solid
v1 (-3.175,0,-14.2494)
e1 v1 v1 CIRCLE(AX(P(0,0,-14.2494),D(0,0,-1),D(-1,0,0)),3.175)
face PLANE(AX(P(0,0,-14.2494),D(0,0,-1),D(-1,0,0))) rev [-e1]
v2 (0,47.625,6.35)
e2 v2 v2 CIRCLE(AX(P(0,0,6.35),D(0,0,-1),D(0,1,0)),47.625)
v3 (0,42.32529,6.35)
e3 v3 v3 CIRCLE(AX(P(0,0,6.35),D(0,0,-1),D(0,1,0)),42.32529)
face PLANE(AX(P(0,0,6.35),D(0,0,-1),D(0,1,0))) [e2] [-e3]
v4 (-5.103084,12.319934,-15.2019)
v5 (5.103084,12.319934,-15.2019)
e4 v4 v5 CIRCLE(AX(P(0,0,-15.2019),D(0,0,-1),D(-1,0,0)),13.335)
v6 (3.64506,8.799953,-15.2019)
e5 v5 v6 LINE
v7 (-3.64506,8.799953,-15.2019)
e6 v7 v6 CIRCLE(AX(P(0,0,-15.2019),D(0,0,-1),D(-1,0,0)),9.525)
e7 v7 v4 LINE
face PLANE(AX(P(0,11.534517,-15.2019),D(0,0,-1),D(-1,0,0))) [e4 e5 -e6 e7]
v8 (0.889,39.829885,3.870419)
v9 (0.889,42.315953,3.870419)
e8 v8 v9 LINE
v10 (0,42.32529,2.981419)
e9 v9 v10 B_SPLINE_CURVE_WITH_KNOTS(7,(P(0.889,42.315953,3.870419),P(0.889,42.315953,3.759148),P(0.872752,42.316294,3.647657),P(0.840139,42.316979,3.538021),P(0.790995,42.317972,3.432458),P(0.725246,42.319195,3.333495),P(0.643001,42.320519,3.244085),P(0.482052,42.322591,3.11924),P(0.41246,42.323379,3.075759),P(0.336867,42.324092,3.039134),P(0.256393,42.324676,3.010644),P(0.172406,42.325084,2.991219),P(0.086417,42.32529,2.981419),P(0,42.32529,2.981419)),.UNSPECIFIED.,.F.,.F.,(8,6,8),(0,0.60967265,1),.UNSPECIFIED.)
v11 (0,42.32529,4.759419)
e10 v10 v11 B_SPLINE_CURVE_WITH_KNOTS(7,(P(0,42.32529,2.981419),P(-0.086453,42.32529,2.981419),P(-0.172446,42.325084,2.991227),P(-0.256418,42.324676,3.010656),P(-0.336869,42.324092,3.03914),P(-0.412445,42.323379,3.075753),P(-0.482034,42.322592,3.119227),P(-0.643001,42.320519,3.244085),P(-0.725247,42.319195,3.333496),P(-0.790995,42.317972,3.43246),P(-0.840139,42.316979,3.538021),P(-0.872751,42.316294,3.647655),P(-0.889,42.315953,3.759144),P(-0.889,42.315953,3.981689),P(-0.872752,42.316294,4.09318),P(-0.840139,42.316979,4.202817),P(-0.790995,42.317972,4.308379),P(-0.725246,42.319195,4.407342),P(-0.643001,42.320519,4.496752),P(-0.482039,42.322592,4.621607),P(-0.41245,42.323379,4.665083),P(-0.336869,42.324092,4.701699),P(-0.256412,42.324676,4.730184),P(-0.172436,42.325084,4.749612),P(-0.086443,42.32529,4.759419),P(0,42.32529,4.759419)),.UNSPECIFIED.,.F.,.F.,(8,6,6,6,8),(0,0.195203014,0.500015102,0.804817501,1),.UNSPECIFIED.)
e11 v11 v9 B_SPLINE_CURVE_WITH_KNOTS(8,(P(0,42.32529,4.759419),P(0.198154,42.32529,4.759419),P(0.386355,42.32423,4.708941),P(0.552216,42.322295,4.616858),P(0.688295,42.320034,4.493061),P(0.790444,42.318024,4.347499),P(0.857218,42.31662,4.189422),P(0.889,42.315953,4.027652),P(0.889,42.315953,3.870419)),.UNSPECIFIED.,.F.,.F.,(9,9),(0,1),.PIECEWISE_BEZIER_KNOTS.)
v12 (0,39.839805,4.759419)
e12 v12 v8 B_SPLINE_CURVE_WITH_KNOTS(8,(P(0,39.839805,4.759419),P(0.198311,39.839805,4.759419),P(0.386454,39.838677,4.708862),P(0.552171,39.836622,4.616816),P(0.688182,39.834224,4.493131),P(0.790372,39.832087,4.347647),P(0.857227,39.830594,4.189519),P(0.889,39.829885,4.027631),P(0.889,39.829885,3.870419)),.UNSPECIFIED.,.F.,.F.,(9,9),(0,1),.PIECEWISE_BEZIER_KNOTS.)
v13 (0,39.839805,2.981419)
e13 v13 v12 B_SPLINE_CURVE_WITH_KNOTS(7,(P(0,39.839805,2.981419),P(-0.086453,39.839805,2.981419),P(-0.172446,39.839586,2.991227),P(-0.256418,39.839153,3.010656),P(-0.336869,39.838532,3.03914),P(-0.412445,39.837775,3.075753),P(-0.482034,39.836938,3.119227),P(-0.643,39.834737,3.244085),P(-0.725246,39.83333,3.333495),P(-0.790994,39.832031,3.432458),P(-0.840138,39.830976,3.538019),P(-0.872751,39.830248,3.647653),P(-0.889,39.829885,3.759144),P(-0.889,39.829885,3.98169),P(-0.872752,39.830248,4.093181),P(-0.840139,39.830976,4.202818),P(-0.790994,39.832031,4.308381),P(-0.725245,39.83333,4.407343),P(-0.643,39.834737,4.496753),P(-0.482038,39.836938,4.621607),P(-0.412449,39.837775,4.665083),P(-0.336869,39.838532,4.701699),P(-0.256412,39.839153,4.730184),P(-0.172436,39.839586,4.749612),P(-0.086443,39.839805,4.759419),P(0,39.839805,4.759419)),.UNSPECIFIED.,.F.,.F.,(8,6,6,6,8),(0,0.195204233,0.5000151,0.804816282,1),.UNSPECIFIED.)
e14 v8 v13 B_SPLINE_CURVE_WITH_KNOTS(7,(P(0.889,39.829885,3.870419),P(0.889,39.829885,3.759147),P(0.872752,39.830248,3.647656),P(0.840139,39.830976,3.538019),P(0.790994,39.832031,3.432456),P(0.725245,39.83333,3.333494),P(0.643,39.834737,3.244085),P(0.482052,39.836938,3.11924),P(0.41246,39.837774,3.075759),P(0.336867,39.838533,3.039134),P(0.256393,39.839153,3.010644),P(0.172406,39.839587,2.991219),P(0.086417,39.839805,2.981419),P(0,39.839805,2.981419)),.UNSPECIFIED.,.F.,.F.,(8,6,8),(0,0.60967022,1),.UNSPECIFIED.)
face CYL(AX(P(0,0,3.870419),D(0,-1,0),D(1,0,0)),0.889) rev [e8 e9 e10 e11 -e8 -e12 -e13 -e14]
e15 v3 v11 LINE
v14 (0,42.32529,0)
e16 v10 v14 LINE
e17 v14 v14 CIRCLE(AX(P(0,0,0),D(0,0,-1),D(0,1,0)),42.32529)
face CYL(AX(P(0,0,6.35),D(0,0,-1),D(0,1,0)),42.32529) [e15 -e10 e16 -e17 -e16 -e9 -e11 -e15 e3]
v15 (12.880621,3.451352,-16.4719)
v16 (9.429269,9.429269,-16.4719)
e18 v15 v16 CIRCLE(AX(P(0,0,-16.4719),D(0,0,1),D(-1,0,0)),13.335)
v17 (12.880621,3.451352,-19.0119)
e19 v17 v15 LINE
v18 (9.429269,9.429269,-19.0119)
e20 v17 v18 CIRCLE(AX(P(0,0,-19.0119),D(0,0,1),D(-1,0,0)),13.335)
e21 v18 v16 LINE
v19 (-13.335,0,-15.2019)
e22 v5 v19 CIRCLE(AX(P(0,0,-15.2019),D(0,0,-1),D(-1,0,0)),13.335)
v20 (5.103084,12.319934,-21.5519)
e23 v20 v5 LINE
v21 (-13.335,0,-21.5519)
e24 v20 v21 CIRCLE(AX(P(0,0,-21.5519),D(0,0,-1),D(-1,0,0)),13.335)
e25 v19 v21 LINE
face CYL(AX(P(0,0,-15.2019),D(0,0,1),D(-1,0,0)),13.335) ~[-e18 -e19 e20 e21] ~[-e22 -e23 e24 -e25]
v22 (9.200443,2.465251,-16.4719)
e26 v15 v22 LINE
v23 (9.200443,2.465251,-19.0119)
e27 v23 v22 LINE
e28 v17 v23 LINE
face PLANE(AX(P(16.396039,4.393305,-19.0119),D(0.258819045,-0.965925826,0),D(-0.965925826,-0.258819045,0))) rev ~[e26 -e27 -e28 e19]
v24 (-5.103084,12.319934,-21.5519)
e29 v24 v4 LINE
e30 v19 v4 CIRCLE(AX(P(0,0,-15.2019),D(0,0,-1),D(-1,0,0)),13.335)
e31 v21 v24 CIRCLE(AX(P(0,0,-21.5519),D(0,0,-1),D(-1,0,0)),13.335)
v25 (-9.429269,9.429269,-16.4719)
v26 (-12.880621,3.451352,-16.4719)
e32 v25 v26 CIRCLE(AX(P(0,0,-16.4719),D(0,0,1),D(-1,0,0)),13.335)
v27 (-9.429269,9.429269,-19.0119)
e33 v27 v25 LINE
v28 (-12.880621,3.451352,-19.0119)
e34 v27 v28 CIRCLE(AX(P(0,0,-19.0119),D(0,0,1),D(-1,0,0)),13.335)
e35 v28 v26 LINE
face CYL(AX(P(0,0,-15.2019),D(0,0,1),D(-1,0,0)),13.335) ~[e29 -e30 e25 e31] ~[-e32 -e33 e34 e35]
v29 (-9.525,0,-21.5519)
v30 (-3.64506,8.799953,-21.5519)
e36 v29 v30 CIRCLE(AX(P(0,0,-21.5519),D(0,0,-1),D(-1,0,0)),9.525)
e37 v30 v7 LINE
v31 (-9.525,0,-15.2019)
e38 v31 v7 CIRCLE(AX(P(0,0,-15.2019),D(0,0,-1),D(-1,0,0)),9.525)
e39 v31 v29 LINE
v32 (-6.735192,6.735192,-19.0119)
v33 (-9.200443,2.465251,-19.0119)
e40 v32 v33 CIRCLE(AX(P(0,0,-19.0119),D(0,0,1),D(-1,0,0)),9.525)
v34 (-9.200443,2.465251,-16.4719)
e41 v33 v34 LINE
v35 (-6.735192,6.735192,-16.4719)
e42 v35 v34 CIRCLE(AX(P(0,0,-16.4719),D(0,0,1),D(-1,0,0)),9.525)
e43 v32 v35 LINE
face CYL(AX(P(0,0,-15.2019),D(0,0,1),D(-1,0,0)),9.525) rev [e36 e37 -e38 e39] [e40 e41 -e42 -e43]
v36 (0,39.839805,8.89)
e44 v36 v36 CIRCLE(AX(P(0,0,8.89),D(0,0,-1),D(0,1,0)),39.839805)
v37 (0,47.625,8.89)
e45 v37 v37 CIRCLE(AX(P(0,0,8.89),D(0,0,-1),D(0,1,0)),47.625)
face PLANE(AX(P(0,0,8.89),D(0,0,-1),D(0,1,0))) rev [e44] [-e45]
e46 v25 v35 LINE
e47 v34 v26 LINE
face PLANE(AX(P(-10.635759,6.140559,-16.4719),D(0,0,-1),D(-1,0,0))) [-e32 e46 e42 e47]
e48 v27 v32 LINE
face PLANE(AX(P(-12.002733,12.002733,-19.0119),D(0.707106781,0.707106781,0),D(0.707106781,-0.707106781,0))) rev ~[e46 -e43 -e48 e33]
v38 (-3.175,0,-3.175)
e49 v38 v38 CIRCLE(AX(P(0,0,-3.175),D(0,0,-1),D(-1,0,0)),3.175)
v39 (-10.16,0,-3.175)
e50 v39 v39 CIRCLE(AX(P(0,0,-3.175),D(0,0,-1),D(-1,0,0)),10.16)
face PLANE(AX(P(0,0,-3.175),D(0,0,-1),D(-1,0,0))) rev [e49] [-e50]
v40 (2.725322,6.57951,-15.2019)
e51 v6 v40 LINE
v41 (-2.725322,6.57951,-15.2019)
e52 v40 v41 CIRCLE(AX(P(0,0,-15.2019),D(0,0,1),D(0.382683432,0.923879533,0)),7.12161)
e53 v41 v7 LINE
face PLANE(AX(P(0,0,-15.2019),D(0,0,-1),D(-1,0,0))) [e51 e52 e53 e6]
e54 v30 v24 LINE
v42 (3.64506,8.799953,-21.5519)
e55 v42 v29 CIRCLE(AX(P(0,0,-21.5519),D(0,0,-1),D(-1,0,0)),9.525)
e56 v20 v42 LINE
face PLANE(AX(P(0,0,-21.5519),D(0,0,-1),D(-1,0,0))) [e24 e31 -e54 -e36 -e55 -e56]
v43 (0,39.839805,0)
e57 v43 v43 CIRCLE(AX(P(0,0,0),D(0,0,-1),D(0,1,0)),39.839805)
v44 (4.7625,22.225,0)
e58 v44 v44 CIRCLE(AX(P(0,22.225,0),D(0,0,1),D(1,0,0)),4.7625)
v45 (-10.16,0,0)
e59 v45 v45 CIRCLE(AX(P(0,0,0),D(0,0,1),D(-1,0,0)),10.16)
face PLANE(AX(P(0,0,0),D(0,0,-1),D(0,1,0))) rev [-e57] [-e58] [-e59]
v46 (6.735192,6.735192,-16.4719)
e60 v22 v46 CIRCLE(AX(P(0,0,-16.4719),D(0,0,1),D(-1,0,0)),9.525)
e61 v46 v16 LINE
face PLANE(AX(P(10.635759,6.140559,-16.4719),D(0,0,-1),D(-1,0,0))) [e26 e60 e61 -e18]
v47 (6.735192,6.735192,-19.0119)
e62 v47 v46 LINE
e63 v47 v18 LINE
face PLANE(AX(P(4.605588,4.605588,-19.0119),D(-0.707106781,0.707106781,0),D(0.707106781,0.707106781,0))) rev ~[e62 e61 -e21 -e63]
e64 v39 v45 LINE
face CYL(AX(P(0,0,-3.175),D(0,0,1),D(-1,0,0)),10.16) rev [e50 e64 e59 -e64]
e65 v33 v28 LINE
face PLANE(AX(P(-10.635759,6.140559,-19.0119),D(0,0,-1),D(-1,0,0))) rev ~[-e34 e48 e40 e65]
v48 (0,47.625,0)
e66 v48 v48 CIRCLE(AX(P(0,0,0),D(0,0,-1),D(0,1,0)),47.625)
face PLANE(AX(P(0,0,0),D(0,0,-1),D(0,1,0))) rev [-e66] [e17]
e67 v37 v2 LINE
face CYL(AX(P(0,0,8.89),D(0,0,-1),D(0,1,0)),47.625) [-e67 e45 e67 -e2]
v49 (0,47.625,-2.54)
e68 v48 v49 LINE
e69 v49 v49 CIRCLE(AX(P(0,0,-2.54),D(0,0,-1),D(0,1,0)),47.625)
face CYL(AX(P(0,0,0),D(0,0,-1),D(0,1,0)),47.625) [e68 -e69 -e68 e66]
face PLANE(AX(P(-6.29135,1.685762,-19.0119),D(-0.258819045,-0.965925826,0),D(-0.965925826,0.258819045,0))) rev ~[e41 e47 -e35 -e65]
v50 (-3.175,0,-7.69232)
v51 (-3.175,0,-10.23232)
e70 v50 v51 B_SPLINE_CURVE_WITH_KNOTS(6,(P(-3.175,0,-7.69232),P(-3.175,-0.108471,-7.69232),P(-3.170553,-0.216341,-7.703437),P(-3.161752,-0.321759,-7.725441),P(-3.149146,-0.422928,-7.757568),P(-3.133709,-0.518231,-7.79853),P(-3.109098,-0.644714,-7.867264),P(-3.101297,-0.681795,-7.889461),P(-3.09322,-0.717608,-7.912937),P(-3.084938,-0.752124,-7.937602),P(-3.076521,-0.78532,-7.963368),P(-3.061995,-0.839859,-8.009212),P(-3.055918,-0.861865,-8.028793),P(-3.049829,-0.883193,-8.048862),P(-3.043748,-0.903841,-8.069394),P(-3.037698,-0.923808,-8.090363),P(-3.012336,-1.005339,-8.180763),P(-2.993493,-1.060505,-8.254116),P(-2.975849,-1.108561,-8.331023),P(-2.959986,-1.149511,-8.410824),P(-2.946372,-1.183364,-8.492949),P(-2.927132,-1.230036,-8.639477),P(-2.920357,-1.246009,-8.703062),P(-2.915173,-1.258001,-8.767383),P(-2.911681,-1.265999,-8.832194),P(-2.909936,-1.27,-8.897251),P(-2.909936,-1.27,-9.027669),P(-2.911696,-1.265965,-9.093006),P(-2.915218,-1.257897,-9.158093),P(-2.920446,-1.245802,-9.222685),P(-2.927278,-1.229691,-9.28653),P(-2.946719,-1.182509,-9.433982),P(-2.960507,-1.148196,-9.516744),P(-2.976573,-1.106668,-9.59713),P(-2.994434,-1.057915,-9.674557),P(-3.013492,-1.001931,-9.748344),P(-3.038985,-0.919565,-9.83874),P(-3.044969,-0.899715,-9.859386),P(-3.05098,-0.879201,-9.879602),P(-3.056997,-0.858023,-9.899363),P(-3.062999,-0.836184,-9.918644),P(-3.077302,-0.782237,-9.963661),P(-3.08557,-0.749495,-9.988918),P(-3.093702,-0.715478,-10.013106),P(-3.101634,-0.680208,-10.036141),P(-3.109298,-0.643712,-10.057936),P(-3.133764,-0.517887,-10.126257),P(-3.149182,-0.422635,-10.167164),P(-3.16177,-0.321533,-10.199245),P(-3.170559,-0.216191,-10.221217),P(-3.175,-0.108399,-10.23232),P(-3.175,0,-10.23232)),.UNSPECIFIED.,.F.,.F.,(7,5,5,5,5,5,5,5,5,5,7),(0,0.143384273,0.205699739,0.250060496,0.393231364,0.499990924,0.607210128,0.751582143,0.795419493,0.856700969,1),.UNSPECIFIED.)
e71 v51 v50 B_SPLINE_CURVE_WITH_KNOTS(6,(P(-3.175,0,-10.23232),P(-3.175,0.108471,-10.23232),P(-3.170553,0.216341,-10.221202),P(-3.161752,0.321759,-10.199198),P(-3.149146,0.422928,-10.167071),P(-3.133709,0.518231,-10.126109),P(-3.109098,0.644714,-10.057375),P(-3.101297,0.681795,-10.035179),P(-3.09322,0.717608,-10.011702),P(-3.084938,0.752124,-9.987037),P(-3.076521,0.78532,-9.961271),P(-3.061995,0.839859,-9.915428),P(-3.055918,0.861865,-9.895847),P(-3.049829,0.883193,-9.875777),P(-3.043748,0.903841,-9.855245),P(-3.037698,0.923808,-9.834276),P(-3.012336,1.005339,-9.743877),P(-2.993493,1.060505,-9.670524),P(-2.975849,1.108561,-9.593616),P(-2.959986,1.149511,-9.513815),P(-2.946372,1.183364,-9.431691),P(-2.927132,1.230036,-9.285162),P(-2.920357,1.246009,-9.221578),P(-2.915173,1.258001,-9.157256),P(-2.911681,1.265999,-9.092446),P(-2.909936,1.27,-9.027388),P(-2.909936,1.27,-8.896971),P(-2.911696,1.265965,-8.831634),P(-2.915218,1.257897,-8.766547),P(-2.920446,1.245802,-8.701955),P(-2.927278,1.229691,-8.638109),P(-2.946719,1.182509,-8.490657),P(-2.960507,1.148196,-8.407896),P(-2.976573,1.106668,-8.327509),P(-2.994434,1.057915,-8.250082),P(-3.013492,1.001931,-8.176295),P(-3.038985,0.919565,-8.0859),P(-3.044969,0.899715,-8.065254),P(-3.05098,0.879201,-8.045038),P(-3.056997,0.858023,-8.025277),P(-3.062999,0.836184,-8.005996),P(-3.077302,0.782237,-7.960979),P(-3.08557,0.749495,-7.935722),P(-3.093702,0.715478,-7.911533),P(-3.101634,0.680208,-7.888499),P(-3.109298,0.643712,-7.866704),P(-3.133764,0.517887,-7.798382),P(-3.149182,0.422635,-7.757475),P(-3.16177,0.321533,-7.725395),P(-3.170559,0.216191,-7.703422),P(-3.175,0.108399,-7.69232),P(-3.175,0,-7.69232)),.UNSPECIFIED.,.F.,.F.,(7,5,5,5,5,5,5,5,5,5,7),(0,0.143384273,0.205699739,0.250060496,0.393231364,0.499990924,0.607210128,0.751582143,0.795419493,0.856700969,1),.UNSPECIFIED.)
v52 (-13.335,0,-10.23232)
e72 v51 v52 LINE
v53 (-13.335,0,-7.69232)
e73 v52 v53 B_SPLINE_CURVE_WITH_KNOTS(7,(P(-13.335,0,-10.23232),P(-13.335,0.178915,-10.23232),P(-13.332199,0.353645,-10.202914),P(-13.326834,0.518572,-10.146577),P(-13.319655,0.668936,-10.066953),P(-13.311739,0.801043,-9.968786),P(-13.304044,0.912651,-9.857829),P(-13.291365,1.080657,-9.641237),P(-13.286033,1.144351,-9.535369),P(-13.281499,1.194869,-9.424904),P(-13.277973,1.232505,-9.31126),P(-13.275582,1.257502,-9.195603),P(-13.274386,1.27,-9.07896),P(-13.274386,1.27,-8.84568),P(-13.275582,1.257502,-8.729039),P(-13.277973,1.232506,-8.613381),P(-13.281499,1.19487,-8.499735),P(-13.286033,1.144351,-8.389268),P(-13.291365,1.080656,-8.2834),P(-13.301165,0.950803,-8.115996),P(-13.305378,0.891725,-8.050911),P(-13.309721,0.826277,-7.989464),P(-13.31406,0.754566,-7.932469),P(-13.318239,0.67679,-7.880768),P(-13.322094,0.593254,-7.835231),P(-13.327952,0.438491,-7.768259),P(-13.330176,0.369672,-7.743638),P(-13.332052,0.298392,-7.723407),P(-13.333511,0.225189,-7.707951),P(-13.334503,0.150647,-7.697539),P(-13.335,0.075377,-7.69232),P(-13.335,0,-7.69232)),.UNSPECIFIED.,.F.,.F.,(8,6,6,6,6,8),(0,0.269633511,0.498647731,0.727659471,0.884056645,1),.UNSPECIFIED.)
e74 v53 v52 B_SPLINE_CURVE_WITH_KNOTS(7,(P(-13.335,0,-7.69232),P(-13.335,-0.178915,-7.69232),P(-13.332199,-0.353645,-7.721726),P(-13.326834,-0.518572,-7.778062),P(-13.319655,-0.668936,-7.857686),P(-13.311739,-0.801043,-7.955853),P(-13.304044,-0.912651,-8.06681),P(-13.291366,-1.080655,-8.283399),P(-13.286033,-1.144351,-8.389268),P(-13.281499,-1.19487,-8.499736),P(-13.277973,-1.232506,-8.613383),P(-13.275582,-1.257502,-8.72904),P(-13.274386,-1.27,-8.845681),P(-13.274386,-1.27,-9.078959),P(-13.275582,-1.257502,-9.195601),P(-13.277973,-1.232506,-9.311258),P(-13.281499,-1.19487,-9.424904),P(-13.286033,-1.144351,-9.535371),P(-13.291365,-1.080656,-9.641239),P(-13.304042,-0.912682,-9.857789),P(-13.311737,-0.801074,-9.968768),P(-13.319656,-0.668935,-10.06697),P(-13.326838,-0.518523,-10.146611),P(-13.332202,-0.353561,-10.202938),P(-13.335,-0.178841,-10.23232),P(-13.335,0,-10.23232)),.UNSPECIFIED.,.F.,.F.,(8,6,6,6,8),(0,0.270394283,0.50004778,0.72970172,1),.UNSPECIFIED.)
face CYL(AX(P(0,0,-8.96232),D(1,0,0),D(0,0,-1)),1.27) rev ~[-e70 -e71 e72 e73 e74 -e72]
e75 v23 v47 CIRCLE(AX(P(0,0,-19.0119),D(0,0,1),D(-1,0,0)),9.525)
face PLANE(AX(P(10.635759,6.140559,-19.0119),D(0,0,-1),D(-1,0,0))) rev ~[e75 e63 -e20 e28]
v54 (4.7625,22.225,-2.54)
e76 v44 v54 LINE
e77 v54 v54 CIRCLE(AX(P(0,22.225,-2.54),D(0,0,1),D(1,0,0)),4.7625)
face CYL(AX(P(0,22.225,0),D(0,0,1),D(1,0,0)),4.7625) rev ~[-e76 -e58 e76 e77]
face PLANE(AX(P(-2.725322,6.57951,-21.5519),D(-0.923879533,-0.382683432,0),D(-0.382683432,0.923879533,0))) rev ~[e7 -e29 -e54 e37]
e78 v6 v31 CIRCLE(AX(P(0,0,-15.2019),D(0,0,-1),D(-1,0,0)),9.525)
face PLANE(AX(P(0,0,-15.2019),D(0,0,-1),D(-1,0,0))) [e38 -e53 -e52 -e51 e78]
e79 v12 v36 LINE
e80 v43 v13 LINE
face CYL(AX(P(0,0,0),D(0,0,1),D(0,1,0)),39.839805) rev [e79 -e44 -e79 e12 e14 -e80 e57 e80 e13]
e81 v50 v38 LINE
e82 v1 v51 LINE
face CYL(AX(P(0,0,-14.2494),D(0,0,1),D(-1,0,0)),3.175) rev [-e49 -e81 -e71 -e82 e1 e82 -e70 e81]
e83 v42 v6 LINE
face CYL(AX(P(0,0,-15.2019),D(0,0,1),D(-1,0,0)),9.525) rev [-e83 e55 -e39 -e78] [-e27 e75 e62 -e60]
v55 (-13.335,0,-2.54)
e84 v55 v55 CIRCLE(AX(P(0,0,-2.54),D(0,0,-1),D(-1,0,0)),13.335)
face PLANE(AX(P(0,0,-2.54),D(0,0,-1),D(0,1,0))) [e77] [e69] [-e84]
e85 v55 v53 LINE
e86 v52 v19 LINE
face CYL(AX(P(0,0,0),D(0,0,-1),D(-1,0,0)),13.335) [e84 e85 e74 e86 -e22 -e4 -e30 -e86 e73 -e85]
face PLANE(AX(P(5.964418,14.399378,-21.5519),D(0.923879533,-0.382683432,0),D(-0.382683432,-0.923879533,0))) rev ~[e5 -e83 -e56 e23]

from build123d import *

# Parameters (mm, degrees)
SKETCH3_R           = 10.16
CUT_EXTRUDE1_DEPTH  = 2.54
SKETCH5_R           = 4.7625
CUT_EXTRUDE2_DEPTH  = 6.35
SKETCH6_R           = 13.335
SKETCH6_R_2         = 9.525
BOSS_EXTRUDE1_DEPTH = 6.35
SKETCH7_R           = 1.27
CUT_EXTRUDE3_DEPTH  = 25.4
CUT_EXTRUDE4_DEPTH  = 6.35
CUT_EXTRUDE5_DEPTH  = 2.54
SKETCH11_R          = 0.889
CUT_EXTRUDE6_DEPTH  = 55.372


with BuildPart() as part:
    # Sketch2 → Revolve1 (revolve)
    with BuildSketch(Plane(origin=(0, 0, 0), x_dir=(0, 0, -1), z_dir=(1, 0, 0))):
        Polygon((-6.35, 42.32529), (0, 42.32529), (0, 47.625), (2.54, 47.625), (2.54, 0), (0, 0), (0, 39.839805153), (-8.89, 39.839805153), (-8.89, 47.625), (-6.35, 47.625), align=None)
    revolve(axis=Axis((0, 0, 0), (0, 0, -1)))

    # Sketch3 → Cut-Extrude1 (cut)
    with BuildSketch(Plane.XY):
        Circle(SKETCH3_R)
    extrude(amount=-CUT_EXTRUDE1_DEPTH, mode=Mode.SUBTRACT)

    # Sketch4 → Revolve2 (revolve)
    with BuildSketch(Plane(origin=(0, 0, 0), x_dir=(1, 0, 0), z_dir=(0, 1, 0))):
        Polygon((0, 14.2494), (-3.175, 14.2494), (-3.175, 3.175), (-10.16, 3.175), (-10.16, 0), (-13.335, 0), (-13.335, 15.2019), (0, 15.2019), align=None)
    revolve(axis=Axis((0, 0, 0), (0, 0, -1)))

    # Sketch5 → Cut-Extrude2 (cut)
    with BuildSketch(Plane.XY):
        with Locations((0, 22.225)):
            Circle(SKETCH5_R)
    extrude(amount=-CUT_EXTRUDE2_DEPTH, mode=Mode.SUBTRACT)

    # Sketch6 → Boss-Extrude1 (add)
    with BuildSketch(Plane(origin=(0, 0, -15.2019), x_dir=(-1, 0, 0), z_dir=(0, 0, -1))):
        Circle(SKETCH6_R)
        Circle(SKETCH6_R_2, mode=Mode.SUBTRACT)
    extrude(amount=BOSS_EXTRUDE1_DEPTH)

    # Sketch7 → Cut-Extrude3 (cut)
    with BuildSketch(Plane(origin=(0, 0, 0), x_dir=(0, 0, -1), z_dir=(1, 0, 0))):
        with Locations((8.962319715, 0)):
            Circle(SKETCH7_R)
    extrude(amount=-CUT_EXTRUDE3_DEPTH, mode=Mode.SUBTRACT)

    # Sketch8 → Cut-Extrude4 (cut)
    with BuildSketch(Plane(origin=(0, 0, -21.5519), x_dir=(-1, 0, 0), z_dir=(0, 0, -1))):
        with BuildLine():
            Line((2.725322184, 6.579509779), (5.964417729, 14.399378174))
            ThreePointArc((5.964417729, 14.399378174), (0, 15.585774625), (-5.964417729, 14.399378174))
            Line((-5.964417729, 14.399378174), (-2.725322184, 6.579509779))
            ThreePointArc((-2.725322184, 6.579509779), (0, 7.121610066), (2.725322184, 6.579509779))
        make_face()
    extrude(amount=-CUT_EXTRUDE4_DEPTH, mode=Mode.SUBTRACT)

    # Sketch10 → Cut-Extrude5 (cut)
    with BuildSketch(Plane(origin=(0, 0, -19.0119), x_dir=(-1, 0, 0), z_dir=(0, 0, -1))):
        with BuildLine():
            Line((6.29135007, 1.685762171), (16.396038566, 4.393305293))
            ThreePointArc((16.396038566, 4.393305293), (14.700286019, 8.48721409), (12.002733273, 12.002733273))
            Line((12.002733273, 12.002733273), (4.6055879, 4.6055879))
            ThreePointArc((4.6055879, 4.6055879), (5.64067016, 3.256642435), (6.29135007, 1.685762171))
        make_face()
        with BuildLine():
            Line((-4.6055879, 4.6055879), (-12.002733273, 12.002733273))
            ThreePointArc((-12.002733273, 12.002733273), (-14.700286019, 8.48721409), (-16.396038566, 4.393305293))
            Line((-16.396038566, 4.393305293), (-6.29135007, 1.685762171))
            ThreePointArc((-6.29135007, 1.685762171), (-5.64067016, 3.256642435), (-4.6055879, 4.6055879))
        make_face()
    extrude(amount=-CUT_EXTRUDE5_DEPTH, mode=Mode.SUBTRACT)

    # Sketch11 → Cut-Extrude6 (cut)
    with BuildSketch(Plane(origin=(0, 0, 0), x_dir=(1, 0, 0), z_dir=(0, 1, 0))):
        with Locations((0, -3.870418615)):
            Circle(SKETCH11_R)
    extrude(amount=CUT_EXTRUDE6_DEPTH, mode=Mode.SUBTRACT)


solid = part.part
